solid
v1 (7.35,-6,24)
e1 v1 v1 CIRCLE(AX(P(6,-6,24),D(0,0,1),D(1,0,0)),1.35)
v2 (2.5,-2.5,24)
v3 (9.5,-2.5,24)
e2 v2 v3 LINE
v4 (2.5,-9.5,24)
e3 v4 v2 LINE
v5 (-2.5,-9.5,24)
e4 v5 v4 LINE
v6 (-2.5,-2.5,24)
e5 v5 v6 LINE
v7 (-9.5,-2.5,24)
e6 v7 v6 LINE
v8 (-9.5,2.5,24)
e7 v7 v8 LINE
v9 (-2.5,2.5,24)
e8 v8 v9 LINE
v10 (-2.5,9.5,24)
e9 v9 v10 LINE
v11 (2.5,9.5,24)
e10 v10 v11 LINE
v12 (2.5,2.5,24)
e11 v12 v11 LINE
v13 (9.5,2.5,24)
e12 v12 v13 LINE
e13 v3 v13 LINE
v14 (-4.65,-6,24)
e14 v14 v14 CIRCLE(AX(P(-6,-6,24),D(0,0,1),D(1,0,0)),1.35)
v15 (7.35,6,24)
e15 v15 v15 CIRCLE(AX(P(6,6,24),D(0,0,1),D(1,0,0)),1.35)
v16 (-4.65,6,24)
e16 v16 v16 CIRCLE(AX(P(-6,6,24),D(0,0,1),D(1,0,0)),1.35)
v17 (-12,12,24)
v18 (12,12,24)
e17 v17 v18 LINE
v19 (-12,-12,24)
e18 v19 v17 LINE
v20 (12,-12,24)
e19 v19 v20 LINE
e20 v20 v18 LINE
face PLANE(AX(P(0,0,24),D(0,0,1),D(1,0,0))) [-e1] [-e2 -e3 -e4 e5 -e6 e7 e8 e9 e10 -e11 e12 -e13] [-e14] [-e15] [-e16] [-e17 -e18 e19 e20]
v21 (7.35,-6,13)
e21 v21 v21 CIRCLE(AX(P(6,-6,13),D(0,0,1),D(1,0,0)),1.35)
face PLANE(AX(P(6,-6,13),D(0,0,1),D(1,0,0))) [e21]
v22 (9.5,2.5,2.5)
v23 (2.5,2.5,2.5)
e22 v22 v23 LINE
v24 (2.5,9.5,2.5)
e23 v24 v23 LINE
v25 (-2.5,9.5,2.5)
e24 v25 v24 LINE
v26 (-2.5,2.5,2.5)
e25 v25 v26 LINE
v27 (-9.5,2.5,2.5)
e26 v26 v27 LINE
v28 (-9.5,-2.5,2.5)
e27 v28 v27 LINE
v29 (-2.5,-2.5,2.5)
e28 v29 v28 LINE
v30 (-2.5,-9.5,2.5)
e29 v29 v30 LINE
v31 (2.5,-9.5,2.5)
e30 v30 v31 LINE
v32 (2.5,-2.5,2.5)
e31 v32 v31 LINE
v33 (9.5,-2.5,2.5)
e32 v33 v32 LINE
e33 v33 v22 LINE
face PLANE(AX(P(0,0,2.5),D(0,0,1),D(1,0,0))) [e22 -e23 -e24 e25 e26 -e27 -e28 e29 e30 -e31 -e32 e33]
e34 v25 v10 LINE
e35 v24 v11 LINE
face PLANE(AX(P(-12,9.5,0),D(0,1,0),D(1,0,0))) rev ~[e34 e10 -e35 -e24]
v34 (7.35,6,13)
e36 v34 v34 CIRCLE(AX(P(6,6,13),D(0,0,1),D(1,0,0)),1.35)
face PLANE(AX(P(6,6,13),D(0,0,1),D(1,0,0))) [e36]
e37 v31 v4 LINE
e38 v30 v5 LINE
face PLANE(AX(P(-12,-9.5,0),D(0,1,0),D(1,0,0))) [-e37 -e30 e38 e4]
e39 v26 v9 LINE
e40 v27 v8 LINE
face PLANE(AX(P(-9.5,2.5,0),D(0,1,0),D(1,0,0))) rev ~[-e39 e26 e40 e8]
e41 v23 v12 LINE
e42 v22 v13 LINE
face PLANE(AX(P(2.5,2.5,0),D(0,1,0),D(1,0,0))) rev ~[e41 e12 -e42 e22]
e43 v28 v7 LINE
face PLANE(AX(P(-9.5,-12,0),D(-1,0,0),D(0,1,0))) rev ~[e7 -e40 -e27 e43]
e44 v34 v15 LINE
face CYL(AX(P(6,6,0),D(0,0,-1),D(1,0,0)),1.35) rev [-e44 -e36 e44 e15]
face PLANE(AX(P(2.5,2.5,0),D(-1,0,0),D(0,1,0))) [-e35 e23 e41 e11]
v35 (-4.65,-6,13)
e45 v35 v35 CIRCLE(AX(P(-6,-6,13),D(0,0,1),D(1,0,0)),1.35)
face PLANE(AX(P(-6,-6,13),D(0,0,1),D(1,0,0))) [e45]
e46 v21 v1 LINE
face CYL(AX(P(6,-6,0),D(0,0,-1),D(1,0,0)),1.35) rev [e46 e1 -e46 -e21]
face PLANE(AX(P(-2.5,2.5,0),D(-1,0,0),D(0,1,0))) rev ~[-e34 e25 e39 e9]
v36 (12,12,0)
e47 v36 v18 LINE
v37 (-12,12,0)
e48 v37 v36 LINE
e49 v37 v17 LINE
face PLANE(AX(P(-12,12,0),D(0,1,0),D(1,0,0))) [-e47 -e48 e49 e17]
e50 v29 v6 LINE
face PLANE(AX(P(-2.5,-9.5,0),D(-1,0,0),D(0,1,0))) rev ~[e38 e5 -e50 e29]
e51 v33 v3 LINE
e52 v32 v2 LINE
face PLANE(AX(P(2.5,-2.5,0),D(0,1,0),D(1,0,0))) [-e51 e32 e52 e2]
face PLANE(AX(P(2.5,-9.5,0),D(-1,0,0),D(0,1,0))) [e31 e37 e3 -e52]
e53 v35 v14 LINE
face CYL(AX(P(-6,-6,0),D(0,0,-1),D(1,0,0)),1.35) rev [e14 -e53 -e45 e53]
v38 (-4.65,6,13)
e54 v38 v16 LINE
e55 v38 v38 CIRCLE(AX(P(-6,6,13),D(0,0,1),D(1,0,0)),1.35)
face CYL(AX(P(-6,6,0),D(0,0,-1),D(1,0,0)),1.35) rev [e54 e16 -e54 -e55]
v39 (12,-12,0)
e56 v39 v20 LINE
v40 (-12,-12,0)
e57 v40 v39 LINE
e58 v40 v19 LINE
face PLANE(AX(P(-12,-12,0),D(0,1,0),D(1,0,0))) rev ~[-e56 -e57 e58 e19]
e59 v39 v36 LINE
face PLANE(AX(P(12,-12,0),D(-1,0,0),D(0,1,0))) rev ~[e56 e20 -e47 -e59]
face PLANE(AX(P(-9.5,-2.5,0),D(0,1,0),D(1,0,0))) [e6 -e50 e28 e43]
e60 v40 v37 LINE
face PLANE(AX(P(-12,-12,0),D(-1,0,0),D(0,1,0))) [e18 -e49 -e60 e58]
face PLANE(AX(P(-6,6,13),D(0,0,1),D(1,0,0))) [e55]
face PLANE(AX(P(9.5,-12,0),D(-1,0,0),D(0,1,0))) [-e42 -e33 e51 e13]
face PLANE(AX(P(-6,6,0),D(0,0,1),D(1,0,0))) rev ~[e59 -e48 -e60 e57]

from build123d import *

# Parameters (mm, degrees)
F0_W     = 24
F0_H     = 24
F0_W_2   = 7
F0_H_2   = 7
F0_R     = 1.35
F1_DEPTH = 24
F2_T     = -2.5
F3_DEPTH = 24
F4_DEPTH = 13


with BuildPart() as f1:
    # F0 (on Top) → F1 (new body)
    with BuildSketch(Plane.XY):
        Rectangle(F0_W, F0_H)
        with Locations((-6, -6)):
            Rectangle(F0_W_2, F0_H_2, mode=Mode.SUBTRACT)
        with Locations((6, -6)):
            Rectangle(F0_W_2, F0_H_2, mode=Mode.SUBTRACT)
        with Locations((-6, 6)):
            Rectangle(F0_W_2, F0_H_2, mode=Mode.SUBTRACT)
        with Locations((6, 6)):
            Rectangle(F0_W_2, F0_H_2, mode=Mode.SUBTRACT)
        with Locations((-6, 6)):
            Rectangle(F0_W_2, F0_H_2)
        with Locations((-6, 6)):
            Circle(F0_R, mode=Mode.SUBTRACT)
        with Locations((-6, 6)):
            Circle(F0_R)
        with Locations((6, 6)):
            Rectangle(F0_W_2, F0_H_2)
        with Locations((6, 6)):
            Circle(F0_R, mode=Mode.SUBTRACT)
        with Locations((6, 6)):
            Circle(F0_R)
        with Locations((6, -6)):
            Rectangle(F0_W_2, F0_H_2)
        with Locations((6, -6)):
            Circle(F0_R, mode=Mode.SUBTRACT)
        with Locations((6, -6)):
            Circle(F0_R)
        with Locations((-6, -6)):
            Rectangle(F0_W_2, F0_H_2)
        with Locations((-6, -6)):
            Circle(F0_R, mode=Mode.SUBTRACT)
        with Locations((-6, -6)):
            Circle(F0_R)
    extrude(amount=F1_DEPTH)

    # F2
    f2_openings = [f1.faces().sort_by_distance(p)[0] for p in [
        (0, 0, 24),
    ]]
    offset(amount=F2_T, openings=f2_openings)

    # F0 (on Top) → F3 (join)
    with BuildSketch(Plane.XY):
        with Locations((-6, 6)):
            Rectangle(F0_W_2, F0_H_2)
        with Locations((-6, 6)):
            Circle(F0_R, mode=Mode.SUBTRACT)
        with Locations((-6, -6)):
            Rectangle(F0_W_2, F0_H_2)
        with Locations((-6, -6)):
            Circle(F0_R, mode=Mode.SUBTRACT)
        with Locations((6, -6)):
            Rectangle(F0_W_2, F0_H_2)
        with Locations((6, -6)):
            Circle(F0_R, mode=Mode.SUBTRACT)
        with Locations((6, 6)):
            Rectangle(F0_W_2, F0_H_2)
        with Locations((6, 6)):
            Circle(F0_R, mode=Mode.SUBTRACT)
    extrude(amount=F3_DEPTH)

    # F0 (on Top) → F4 (join)
    with BuildSketch(Plane.XY):
        with Locations((-6, 6)):
            Circle(F0_R)
        with Locations((-6, -6)):
            Circle(F0_R)
        with Locations((6, -6)):
            Circle(F0_R)
        with Locations((6, 6)):
            Circle(F0_R)
    extrude(amount=F4_DEPTH)


solid = f1.part
